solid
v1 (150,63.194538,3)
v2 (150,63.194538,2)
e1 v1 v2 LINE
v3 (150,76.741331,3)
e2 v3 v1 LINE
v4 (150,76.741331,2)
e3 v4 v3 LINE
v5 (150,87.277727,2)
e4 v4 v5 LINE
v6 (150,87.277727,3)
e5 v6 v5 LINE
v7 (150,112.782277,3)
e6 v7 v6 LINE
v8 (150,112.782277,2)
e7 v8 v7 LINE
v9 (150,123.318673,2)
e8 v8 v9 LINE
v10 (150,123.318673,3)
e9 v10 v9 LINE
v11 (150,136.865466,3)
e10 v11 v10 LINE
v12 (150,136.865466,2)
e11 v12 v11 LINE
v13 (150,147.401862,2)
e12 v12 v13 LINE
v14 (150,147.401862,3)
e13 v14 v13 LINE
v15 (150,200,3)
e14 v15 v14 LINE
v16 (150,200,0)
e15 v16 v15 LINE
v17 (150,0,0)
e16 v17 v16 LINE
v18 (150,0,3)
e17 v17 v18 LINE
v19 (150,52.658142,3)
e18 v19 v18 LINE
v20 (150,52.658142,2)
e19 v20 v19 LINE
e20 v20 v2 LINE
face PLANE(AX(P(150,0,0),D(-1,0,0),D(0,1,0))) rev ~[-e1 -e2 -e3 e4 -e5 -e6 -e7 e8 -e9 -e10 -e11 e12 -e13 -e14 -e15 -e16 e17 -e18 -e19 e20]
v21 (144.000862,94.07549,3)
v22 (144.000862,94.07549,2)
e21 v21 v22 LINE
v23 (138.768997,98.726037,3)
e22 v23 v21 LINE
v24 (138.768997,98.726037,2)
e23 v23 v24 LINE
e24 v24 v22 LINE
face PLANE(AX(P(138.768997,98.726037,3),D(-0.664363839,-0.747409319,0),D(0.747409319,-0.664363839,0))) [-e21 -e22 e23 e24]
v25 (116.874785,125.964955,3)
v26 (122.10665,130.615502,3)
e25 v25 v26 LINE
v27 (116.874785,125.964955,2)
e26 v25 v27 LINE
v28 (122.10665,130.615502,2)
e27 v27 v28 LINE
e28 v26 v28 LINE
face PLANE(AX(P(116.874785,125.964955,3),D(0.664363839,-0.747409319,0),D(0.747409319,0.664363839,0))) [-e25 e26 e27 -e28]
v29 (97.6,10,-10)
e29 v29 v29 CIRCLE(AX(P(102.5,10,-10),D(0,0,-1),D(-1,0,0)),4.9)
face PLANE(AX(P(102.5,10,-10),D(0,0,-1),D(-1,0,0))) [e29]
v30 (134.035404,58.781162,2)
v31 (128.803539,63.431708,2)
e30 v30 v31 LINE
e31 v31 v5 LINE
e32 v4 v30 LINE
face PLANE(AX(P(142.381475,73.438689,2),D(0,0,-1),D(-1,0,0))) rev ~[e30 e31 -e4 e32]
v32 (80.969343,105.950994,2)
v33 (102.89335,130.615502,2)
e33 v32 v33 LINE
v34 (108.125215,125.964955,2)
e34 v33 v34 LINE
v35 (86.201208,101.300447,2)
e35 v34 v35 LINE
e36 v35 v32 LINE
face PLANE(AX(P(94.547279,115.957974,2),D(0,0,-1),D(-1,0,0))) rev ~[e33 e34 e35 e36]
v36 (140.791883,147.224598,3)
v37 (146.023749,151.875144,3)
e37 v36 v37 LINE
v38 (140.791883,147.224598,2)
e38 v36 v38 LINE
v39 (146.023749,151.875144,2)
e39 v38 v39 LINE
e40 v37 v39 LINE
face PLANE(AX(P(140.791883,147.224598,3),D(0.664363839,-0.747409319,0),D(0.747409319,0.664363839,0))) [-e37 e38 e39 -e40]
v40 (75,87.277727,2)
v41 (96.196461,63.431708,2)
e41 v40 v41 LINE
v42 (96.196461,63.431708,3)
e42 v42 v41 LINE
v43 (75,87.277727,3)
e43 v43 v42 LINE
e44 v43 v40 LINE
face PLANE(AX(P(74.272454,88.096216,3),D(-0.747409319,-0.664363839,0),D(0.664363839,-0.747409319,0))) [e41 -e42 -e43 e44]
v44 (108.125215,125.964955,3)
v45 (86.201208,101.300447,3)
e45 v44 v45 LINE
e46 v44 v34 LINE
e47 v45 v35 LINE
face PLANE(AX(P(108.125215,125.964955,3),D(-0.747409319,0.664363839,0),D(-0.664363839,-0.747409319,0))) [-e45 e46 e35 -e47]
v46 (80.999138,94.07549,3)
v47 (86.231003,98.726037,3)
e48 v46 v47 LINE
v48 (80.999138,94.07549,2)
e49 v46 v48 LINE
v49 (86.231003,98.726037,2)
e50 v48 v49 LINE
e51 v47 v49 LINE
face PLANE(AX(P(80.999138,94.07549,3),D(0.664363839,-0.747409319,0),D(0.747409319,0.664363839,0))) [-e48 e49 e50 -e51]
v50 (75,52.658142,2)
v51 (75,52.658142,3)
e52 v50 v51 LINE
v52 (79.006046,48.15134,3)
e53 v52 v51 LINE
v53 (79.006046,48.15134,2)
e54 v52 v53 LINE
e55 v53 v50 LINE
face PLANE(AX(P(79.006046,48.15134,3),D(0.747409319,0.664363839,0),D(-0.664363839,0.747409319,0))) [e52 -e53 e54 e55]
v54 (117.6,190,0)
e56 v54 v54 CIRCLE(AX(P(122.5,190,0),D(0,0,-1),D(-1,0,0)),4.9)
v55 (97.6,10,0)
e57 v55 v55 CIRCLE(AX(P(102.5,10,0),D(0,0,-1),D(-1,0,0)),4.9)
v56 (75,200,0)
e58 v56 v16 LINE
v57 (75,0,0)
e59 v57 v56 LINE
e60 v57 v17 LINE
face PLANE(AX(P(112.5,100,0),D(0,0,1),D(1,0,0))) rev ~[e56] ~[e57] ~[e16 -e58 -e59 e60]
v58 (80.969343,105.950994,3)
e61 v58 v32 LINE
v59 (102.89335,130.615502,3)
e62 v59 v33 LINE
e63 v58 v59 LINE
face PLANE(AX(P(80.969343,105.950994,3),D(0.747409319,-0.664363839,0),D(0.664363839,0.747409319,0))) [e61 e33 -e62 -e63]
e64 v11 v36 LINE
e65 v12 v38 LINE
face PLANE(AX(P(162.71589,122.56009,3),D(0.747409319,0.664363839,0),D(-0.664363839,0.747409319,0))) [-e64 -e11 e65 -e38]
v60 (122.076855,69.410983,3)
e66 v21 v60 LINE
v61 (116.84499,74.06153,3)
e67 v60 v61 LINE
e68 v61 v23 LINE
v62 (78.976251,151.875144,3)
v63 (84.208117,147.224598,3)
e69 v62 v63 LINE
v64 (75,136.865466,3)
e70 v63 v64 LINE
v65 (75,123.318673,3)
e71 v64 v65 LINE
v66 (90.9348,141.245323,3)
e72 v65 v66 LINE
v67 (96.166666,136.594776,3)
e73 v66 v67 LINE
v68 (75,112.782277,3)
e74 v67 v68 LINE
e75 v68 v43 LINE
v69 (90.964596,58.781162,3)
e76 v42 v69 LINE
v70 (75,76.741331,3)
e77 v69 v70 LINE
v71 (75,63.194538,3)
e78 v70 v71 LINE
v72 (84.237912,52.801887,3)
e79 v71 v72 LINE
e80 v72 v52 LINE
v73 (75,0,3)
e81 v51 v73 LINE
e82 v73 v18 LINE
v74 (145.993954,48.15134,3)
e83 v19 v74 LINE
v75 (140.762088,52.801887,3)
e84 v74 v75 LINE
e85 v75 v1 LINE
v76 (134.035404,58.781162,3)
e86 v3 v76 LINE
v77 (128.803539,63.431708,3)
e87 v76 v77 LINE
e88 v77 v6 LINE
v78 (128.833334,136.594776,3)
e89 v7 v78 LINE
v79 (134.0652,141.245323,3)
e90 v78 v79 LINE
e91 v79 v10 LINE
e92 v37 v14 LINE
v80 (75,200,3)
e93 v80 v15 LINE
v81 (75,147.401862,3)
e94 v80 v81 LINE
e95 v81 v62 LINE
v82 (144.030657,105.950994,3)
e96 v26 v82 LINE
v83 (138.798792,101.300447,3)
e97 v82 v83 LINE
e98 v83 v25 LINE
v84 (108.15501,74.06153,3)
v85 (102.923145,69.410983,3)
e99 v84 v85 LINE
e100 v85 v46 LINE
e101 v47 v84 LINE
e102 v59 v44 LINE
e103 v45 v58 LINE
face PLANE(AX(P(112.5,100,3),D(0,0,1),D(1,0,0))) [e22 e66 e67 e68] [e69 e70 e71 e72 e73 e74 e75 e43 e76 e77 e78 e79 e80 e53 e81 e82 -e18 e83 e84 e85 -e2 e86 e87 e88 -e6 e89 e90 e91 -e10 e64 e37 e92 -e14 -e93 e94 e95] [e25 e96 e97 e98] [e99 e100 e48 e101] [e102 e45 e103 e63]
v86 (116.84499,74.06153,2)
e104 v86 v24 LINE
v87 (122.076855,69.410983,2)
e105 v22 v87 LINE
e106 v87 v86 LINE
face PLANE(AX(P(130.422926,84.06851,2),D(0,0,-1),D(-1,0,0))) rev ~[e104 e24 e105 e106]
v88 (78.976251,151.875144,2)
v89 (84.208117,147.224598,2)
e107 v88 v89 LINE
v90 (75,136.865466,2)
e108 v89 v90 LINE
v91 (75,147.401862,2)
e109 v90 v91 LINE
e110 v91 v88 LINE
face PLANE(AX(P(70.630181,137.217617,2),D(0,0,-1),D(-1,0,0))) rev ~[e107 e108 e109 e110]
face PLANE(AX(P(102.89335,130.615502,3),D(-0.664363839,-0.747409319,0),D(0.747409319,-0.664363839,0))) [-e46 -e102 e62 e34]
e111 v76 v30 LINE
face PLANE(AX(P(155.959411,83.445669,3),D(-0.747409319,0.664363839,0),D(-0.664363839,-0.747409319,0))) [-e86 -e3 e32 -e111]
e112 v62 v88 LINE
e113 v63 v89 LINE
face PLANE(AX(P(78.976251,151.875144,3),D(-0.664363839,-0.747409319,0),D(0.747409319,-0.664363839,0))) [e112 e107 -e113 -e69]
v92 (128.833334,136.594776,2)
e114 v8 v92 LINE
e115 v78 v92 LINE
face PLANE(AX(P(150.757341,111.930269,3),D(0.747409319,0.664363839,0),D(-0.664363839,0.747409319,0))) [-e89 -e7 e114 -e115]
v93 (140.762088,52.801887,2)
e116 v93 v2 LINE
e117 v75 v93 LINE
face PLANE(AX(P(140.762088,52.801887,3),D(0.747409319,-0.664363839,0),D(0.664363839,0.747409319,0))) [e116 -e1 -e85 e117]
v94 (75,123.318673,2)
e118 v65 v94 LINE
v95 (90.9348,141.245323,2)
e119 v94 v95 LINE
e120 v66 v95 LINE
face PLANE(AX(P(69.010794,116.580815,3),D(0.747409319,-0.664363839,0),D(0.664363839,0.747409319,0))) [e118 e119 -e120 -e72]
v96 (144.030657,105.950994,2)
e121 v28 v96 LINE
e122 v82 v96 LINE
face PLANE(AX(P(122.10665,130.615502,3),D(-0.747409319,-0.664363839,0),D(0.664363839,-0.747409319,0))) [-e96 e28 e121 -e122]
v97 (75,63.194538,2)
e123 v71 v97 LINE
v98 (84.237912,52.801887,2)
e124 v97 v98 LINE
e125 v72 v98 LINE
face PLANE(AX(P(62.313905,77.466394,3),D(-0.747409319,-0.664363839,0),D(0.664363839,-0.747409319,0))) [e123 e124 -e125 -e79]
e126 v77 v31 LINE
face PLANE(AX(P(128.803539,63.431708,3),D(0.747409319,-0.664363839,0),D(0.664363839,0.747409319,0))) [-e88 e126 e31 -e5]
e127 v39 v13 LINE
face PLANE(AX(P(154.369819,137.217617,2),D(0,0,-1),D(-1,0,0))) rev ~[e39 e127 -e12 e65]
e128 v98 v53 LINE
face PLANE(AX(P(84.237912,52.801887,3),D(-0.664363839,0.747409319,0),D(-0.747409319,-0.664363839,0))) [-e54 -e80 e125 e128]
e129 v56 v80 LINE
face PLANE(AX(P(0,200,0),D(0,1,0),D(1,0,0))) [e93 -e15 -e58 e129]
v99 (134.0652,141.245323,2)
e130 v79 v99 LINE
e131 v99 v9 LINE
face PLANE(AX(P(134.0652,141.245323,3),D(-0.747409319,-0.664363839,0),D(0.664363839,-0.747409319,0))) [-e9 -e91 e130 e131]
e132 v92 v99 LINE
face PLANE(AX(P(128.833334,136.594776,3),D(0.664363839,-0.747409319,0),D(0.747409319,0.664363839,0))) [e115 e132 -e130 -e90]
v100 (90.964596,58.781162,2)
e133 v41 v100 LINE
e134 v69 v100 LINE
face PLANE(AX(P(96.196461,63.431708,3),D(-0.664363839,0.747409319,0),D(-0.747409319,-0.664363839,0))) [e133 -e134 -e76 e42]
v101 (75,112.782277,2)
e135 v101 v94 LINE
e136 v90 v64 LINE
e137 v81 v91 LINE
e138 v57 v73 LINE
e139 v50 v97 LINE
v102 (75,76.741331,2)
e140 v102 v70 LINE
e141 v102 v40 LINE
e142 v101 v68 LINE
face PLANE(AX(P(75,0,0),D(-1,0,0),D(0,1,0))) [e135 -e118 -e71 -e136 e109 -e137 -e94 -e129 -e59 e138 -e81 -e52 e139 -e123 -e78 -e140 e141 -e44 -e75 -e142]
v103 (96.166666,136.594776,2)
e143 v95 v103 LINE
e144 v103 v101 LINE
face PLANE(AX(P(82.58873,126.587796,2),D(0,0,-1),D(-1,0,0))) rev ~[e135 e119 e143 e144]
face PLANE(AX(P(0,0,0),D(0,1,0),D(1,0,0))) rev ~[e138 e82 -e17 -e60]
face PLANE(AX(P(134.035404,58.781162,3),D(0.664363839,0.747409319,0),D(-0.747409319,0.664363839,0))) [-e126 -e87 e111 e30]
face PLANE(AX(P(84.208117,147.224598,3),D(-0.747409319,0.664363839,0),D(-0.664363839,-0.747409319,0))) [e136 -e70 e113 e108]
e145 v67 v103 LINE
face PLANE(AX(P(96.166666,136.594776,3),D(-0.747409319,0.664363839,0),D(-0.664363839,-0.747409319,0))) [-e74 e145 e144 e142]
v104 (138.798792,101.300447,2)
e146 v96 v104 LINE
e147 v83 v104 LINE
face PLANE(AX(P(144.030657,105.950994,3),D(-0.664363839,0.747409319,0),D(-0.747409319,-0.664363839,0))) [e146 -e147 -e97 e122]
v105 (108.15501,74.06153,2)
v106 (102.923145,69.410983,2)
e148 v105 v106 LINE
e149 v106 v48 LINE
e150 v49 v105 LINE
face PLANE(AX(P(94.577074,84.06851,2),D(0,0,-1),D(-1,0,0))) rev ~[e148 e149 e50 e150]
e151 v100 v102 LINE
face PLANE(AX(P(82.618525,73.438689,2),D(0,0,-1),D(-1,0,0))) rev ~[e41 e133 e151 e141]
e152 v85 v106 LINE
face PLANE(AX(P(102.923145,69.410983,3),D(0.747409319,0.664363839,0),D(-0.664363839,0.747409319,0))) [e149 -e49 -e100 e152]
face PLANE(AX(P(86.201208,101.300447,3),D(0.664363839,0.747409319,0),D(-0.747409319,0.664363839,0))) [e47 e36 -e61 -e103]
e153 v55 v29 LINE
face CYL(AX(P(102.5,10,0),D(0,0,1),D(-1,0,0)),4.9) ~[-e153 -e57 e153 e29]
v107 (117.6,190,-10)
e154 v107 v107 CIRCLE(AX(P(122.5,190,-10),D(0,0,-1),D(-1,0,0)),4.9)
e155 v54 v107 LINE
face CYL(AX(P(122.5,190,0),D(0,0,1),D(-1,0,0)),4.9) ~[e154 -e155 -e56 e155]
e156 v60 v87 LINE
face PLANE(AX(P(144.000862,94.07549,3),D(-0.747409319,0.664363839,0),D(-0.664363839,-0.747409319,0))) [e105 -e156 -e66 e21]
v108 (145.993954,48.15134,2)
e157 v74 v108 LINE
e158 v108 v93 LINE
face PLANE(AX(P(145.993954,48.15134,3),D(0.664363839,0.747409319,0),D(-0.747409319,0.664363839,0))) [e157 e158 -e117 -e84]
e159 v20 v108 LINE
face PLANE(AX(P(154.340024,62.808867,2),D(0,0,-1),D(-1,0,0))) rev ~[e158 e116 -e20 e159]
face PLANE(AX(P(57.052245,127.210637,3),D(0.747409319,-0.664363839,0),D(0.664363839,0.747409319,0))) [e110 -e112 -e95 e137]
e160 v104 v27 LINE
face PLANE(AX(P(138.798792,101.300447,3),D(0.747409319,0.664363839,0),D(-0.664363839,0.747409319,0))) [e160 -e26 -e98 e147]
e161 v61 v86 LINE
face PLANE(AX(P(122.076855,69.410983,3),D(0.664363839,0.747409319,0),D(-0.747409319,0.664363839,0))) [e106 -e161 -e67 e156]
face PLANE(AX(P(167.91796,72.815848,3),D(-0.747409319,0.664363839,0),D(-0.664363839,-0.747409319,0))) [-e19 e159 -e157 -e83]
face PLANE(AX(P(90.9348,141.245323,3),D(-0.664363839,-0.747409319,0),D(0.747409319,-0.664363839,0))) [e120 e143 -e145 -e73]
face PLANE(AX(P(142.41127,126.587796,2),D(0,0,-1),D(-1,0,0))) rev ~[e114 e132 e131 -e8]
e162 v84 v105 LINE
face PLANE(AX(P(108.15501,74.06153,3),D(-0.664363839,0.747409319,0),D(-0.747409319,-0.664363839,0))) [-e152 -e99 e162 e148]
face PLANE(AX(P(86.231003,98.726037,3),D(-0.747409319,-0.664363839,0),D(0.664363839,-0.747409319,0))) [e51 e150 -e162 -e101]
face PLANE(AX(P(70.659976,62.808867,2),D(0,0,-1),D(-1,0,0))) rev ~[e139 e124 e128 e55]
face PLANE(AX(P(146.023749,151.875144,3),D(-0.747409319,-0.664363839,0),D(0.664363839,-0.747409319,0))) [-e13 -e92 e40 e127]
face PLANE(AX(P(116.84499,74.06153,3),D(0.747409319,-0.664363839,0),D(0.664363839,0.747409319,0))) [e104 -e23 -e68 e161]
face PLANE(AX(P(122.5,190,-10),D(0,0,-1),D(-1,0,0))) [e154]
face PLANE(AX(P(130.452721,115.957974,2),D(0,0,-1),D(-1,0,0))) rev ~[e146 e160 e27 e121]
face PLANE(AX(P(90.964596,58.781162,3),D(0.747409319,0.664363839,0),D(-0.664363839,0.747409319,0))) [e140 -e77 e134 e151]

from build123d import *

# Parameters (mm, degrees)
SKETCH1_W           = 225
SKETCH1_H           = 200
BOSS_EXTRUDE1_DEPTH = 3
CUT_EXTRUDE1_DEPTH  = 1
SKETCH4_R           = 4.9
BOSS_EXTRUDE2_DEPTH = 10
SKETCH5_W           = 75
SKETCH5_H           = 200
CUT_EXTRUDE2_DEPTH  = 10


with BuildPart() as part:
    # Sketch1 → Boss-Extrude1 (new body)
    with BuildSketch(Plane.XY):
        with Locations((112.5, 100)):
            Rectangle(SKETCH1_W, SKETCH1_H)
    extrude(amount=BOSS_EXTRUDE1_DEPTH)

    # Sketch2 → Cut-Extrude1 (cut)
    with BuildSketch(Plane.XY.offset(3)):
        Polygon((21.176597363, 159.100101172), (43.100604044, 183.764608689), (48.332469275, 179.114061817), (26.408462593, 154.4495543), align=None)
        Polygon((9.218048264, 169.729922593), (31.142054945, 194.39443011), (36.373920176, 189.743883238), (14.449913495, 165.079375722), align=None)
        Polygon((33.135146462, 148.470279751), (55.059153143, 173.134787267), (60.291018374, 168.484240396), (38.367011692, 143.819732879), align=None)
        Polygon((45.093695561, 137.840458329), (67.017702242, 162.504965846), (72.249567473, 157.854418974), (50.325560791, 133.189911458), align=None)
        Polygon((57.05224466, 127.210636908), (78.976251341, 151.875144425), (84.208116572, 147.224597553), (62.28410989, 122.560090036), align=None)
        Polygon((69.010793758, 116.580815487), (90.93480044, 141.245323003), (96.166665671, 136.594776132), (74.242658989, 111.930268615), align=None)
        Polygon((80.969342857, 105.950994066), (102.893349539, 130.615501582), (108.12521477, 125.96495471), (86.201208088, 101.300447194), align=None)
        Polygon((116.844990154, 74.061529802), (138.768996836, 98.726037318), (144.000862066, 94.075490447), (122.076855385, 69.41098293), align=None)
        Polygon((128.803539253, 63.431708381), (150.727545935, 88.096215897), (155.959411165, 83.445669025), (134.035404484, 58.781161509), align=None)
        Polygon((140.762088352, 52.801886959), (162.686095033, 77.466394476), (167.917960264, 72.815847604), (145.993953583, 48.151340087), align=None)
        Polygon((152.720637451, 42.172065538), (174.644644132, 66.836573055), (179.876509363, 62.186026183), (157.952502682, 37.521518666), align=None)
        Polygon((164.67918655, 31.542244117), (186.603193231, 56.206751633), (191.835058462, 51.556204761), (169.911051781, 26.891697245), align=None)
        Polygon((176.637735649, 20.912422695), (198.56174233, 45.576930212), (203.793607561, 40.92638334), (181.86960088, 16.261875824), align=None)
        Polygon((188.596284748, 10.282601274), (210.520291429, 34.947108791), (215.75215666, 30.296561919), (193.828149979, 5.632054402), align=None)
        Polygon((198.591537407, 154.4495543), (176.667530725, 179.114061817), (181.899395956, 183.764608689), (203.823402637, 159.100101172), align=None)
        Polygon((210.550086505, 165.079375721), (188.626079824, 189.743883238), (193.857945055, 194.39443011), (215.781951736, 169.729922593), align=None)
        Polygon((186.632988308, 143.819732879), (164.708981626, 168.484240395), (169.940846857, 173.134787267), (191.864853538, 148.470279751), align=None)
        Polygon((174.674439209, 133.189911458), (152.750432527, 157.854418974), (157.982297758, 162.504965846), (179.906304439, 137.840458329), align=None)
        Polygon((162.71589011, 122.560090036), (140.791883428, 147.224597553), (146.023748659, 151.875144425), (167.94775534, 127.210636908), align=None)
        Polygon((150.757341011, 111.930268615), (128.833334329, 136.594776132), (134.06519956, 141.245323003), (155.989206242, 116.580815487), align=None)
        Polygon((138.798791912, 101.300447194), (116.87478523, 125.96495471), (122.106650461, 130.615501582), (144.030657143, 105.950994066), align=None)
        Polygon((102.923144615, 69.41098293), (80.999137934, 94.075490447), (86.231003164, 98.726037318), (108.155009846, 74.061529802), align=None)
        Polygon((90.964595516, 58.781161509), (69.040588835, 83.445669025), (74.272454065, 88.096215897), (96.196460747, 63.431708381), align=None)
        Polygon((79.006046417, 48.151340087), (57.082039736, 72.815847604), (62.313904967, 77.466394476), (84.237911648, 52.801886959), align=None)
        Polygon((67.047497318, 37.521518666), (45.123490637, 62.186026183), (50.355355868, 66.836573055), (72.279362549, 42.172065538), align=None)
        Polygon((55.088948219, 26.891697245), (33.164941538, 51.556204761), (38.396806769, 56.206751633), (60.32081345, 31.542244117), align=None)
        Polygon((43.13039912, 16.261875824), (21.206392439, 40.92638334), (26.43825767, 45.576930212), (48.362264351, 20.912422695), align=None)
        Polygon((31.171850021, 5.632054402), (9.24784334, 30.296561919), (14.479708571, 34.947108791), (36.403715252, 10.282601274), align=None)
    extrude(amount=-CUT_EXTRUDE1_DEPTH, mode=Mode.SUBTRACT)

    # Sketch4 → Boss-Extrude2 (add)
    with BuildSketch(Plane(origin=(0, 0, 0), x_dir=(-1, 0, 0), z_dir=(0, 0, -1))):
        with Locations((-102.5, 10)):
            Circle(SKETCH4_R)
        with Locations((-122.5, 190)):
            Circle(SKETCH4_R)
    extrude(amount=BOSS_EXTRUDE2_DEPTH)

    # Sketch5 → Cut-Extrude2 (cut)
    with BuildSketch(Plane(origin=(0, 0, 0), x_dir=(-1, 0, 0), z_dir=(0, 0, -1))):
        with Locations((-37.5, 100)):
            Rectangle(SKETCH5_W, SKETCH5_H)
        with Locations((-187.5, 100)):
            Rectangle(SKETCH5_W, SKETCH5_H)
    extrude(amount=-CUT_EXTRUDE2_DEPTH, mode=Mode.SUBTRACT)


solid = part.part
